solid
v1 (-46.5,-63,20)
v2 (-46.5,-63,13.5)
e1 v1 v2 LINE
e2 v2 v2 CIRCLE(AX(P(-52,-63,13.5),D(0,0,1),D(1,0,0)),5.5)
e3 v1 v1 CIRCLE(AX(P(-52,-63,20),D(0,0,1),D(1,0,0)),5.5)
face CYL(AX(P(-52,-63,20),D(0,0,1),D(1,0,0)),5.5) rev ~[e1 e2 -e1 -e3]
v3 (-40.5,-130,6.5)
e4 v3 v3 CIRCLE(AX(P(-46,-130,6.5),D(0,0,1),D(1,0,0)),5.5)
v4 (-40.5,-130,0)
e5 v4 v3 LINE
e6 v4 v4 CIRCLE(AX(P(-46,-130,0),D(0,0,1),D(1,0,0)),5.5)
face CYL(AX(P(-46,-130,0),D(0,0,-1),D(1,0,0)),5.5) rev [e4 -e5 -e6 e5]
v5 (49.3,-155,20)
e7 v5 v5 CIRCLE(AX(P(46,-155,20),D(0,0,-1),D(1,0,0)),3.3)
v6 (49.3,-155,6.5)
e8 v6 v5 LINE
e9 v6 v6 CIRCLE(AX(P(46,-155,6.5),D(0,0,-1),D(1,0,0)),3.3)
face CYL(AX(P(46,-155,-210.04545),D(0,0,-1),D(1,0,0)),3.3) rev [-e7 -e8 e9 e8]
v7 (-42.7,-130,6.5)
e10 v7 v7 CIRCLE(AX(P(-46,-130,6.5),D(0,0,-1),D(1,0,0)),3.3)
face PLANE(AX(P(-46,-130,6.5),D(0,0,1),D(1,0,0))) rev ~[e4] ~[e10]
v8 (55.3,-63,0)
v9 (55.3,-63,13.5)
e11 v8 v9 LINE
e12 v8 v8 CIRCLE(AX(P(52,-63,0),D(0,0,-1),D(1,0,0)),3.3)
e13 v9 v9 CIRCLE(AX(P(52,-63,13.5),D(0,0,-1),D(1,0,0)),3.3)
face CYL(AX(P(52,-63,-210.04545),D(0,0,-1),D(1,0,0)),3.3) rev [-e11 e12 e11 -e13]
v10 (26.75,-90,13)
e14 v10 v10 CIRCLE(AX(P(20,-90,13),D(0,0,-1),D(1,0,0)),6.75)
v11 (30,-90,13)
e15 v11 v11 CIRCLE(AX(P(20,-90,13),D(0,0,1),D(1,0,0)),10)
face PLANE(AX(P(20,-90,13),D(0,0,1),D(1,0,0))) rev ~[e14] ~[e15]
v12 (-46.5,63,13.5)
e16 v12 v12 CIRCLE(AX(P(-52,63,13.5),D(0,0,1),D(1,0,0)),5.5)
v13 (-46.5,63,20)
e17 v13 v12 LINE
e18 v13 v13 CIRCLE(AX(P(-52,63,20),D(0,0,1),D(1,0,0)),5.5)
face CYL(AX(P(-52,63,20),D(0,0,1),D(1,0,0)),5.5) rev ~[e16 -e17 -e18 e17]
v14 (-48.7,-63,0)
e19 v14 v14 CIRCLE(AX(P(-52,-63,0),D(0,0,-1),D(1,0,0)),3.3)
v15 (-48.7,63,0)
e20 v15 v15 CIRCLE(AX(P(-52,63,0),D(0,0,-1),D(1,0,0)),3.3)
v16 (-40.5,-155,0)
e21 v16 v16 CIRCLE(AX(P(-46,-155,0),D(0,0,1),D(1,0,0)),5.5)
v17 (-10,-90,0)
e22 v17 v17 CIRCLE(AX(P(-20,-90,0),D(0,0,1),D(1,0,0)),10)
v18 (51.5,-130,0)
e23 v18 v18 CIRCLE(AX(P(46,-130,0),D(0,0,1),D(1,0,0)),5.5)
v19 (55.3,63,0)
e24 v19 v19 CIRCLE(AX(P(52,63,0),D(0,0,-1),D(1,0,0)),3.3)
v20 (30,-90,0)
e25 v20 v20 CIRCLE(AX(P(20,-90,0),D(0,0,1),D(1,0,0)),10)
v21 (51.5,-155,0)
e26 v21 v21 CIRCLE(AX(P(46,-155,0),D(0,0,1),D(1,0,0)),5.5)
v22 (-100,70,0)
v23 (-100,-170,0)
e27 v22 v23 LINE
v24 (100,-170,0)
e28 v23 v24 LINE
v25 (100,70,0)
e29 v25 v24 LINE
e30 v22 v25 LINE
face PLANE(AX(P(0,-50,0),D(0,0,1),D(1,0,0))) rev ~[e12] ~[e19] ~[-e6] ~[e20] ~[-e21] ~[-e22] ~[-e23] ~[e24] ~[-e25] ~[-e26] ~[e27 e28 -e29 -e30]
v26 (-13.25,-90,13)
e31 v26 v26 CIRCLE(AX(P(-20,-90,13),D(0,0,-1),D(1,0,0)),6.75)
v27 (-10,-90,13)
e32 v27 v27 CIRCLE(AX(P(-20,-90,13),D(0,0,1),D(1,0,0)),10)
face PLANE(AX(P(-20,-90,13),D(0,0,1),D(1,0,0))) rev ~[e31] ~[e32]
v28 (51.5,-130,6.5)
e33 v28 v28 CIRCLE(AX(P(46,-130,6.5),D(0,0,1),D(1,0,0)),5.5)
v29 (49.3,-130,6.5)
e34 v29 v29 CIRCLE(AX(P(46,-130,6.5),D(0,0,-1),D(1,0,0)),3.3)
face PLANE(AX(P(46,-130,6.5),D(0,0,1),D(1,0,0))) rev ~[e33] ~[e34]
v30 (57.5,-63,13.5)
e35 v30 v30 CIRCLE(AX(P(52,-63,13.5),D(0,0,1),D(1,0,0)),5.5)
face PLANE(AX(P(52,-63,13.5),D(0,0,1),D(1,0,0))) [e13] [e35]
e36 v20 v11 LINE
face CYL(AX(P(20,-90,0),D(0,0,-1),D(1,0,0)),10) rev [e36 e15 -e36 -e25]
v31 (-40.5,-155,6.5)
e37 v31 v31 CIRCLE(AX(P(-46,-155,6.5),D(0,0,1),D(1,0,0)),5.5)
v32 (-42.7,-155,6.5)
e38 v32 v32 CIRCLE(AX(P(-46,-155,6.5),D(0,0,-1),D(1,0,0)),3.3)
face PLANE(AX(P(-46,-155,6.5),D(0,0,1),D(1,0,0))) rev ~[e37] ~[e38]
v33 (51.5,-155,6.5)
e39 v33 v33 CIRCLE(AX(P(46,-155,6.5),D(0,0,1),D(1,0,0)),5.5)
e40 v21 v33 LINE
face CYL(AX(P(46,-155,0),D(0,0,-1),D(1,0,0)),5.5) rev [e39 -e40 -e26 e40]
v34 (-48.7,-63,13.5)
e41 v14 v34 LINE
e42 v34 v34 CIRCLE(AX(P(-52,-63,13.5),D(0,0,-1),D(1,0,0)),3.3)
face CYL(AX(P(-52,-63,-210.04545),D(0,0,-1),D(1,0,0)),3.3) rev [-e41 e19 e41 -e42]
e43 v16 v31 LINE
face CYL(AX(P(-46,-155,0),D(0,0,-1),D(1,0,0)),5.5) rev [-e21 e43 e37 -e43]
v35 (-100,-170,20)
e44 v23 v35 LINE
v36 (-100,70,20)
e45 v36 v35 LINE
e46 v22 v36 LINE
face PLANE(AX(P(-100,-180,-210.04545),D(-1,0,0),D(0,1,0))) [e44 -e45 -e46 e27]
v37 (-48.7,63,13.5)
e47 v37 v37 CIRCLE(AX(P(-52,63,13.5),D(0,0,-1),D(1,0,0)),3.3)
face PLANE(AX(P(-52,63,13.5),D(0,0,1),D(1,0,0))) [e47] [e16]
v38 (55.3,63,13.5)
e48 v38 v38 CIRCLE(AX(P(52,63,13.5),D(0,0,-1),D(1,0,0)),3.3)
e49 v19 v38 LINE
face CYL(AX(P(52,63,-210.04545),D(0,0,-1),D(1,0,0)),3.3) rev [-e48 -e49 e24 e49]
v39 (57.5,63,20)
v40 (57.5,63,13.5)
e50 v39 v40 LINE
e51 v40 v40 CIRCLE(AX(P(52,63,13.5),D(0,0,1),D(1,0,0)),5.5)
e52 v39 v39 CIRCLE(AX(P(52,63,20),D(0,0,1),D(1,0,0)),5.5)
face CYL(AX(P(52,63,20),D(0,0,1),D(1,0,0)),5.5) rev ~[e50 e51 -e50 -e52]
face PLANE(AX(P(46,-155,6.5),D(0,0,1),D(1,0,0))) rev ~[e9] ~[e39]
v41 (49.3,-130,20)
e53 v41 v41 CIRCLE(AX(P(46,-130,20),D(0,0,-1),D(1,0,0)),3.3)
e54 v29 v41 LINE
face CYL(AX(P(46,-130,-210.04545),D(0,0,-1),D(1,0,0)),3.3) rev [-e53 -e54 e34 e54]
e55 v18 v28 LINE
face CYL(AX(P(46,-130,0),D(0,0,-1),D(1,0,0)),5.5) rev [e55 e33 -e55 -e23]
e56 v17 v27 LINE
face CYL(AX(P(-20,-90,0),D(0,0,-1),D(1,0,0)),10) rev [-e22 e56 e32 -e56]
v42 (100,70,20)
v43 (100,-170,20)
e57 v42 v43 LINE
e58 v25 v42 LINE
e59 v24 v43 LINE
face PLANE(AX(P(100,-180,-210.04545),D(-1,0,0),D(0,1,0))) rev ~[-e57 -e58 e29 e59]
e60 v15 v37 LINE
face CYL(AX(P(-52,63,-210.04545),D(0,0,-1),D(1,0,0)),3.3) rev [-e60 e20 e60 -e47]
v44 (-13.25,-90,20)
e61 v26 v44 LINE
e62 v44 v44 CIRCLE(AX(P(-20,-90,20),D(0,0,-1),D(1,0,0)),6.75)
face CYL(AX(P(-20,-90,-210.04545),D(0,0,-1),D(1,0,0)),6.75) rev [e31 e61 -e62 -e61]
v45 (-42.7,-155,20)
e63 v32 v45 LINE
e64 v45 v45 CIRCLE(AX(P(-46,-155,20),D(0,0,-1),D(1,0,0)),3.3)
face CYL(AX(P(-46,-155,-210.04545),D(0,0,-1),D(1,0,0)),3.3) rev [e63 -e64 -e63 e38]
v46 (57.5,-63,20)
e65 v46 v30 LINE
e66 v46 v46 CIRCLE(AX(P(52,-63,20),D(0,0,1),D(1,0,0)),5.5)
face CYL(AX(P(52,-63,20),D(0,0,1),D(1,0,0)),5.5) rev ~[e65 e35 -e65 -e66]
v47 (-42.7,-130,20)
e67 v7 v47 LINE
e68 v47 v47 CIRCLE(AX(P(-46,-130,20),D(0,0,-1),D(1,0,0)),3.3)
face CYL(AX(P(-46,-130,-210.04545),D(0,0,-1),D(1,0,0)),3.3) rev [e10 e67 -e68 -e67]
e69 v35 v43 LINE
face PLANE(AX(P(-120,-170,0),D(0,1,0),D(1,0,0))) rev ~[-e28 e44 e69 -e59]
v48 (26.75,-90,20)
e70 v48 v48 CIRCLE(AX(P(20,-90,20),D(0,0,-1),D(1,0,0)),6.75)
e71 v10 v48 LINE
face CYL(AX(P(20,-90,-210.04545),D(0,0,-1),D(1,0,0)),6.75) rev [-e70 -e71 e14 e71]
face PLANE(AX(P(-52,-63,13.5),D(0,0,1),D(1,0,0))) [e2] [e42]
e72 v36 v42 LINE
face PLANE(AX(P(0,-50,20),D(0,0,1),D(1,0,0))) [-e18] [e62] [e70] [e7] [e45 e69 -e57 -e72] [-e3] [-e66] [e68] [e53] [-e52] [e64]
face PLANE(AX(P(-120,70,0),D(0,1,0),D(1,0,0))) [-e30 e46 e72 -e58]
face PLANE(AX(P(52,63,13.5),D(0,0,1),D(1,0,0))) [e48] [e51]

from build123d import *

# Parameters (mm, degrees)
SKETCH1_W                = 240
SKETCH1_H                = 240
BOSS_EXTRUDE1_DEPTH      = 20
CUT_EXTRUDE1_DEPTH       = 210.045449604
CUT_EXTRUDE1_DEPTH_BACK  = 210.045449604
SKETCH2_R                = 3.3
SKETCH3_R                = 5.5
CUT_EXTRUDE3_DEPTH       = 6.5
CUT_EXTRUDE4_DEPTH       = 210.045449604
CUT_EXTRUDE4_DEPTH_BACK  = 210.045449604
SKETCH4_R                = 6.75
SKETCH5_R                = 10
CUT_EXTRUDE6_DEPTH       = 13
CUT_EXTRUDE7_DEPTH       = 210.045449604
CUT_EXTRUDE7_DEPTH_BACK  = 210.045449604
SKETCH6_R                = 3.3
SKETCH7_R                = 5.5
CUT_EXTRUDE9_DEPTH       = 6.5
CUT_EXTRUDE10_DEPTH      = 210.045449604
CUT_EXTRUDE10_DEPTH_BACK = 210.045449604
SKETCH8_W                = 30
SKETCH8_H                = 260


with BuildPart() as part:
    # Sketch1 → Boss-Extrude1 (new body)
    with BuildSketch(Plane.XY):
        with Locations((0, -50)):
            Rectangle(SKETCH1_W, SKETCH1_H)
    extrude(amount=BOSS_EXTRUDE1_DEPTH)

    # Sketch2 → Cut-Extrude1 (cut, two sides: drawn at the far end of the back side and taken through both)
    with BuildSketch(Plane.XY.offset(-CUT_EXTRUDE1_DEPTH_BACK)):
        with Locations((-52, -63)):
            Circle(SKETCH2_R)
        with Locations((-52, 63)):
            Circle(SKETCH2_R)
        with Locations((52, -63)):
            Circle(SKETCH2_R)
        with Locations((52, 63)):
            Circle(SKETCH2_R)
    extrude(amount=CUT_EXTRUDE1_DEPTH + CUT_EXTRUDE1_DEPTH_BACK, mode=Mode.SUBTRACT)

    # Sketch3 → Cut-Extrude3 (cut)
    with BuildSketch(Plane.XY.offset(20)):
        with Locations((-52, -63)):
            Circle(SKETCH3_R)
        with Locations((-52, 63)):
            Circle(SKETCH3_R)
        with Locations((52, -63)):
            Circle(SKETCH3_R)
        with Locations((52, 63)):
            Circle(SKETCH3_R)
    extrude(amount=-CUT_EXTRUDE3_DEPTH, mode=Mode.SUBTRACT)

    # Sketch4 → Cut-Extrude4 (cut, two sides: drawn at the far end of the back side and taken through both)
    with BuildSketch(Plane.XY.offset(-CUT_EXTRUDE4_DEPTH_BACK)):
        with Locations((-20, -90)):
            Circle(SKETCH4_R)
        with Locations((20, -90)):
            Circle(SKETCH4_R)
    extrude(amount=CUT_EXTRUDE4_DEPTH + CUT_EXTRUDE4_DEPTH_BACK, mode=Mode.SUBTRACT)

    # Sketch5 → Cut-Extrude6 (cut)
    with BuildSketch(Plane.XY):
        with Locations((-20, -90)):
            Circle(SKETCH5_R)
        with Locations((20, -90)):
            Circle(SKETCH5_R)
    extrude(amount=CUT_EXTRUDE6_DEPTH, mode=Mode.SUBTRACT)

    # Sketch6 → Cut-Extrude7 (cut, two sides: drawn at the far end of the back side and taken through both)
    with BuildSketch(Plane.XY.offset(-CUT_EXTRUDE7_DEPTH_BACK)):
        with Locations((-46, -130)):
            Circle(SKETCH6_R)
        with Locations((-46, -155)):
            Circle(SKETCH6_R)
        with Locations((46, -130)):
            Circle(SKETCH6_R)
        with Locations((46, -155)):
            Circle(SKETCH6_R)
    extrude(amount=CUT_EXTRUDE7_DEPTH + CUT_EXTRUDE7_DEPTH_BACK, mode=Mode.SUBTRACT)

    # Sketch7 → Cut-Extrude9 (cut)
    with BuildSketch(Plane.XY):
        with Locations((-46, -130)):
            Circle(SKETCH7_R)
        with Locations((-46, -155)):
            Circle(SKETCH7_R)
        with Locations((46, -130)):
            Circle(SKETCH7_R)
        with Locations((46, -155)):
            Circle(SKETCH7_R)
    extrude(amount=CUT_EXTRUDE9_DEPTH, mode=Mode.SUBTRACT)

    # Sketch8 → Cut-Extrude10 (cut, two sides: drawn at the far end of the back side and taken through both)
    with BuildSketch(Plane.XY.offset(-CUT_EXTRUDE10_DEPTH_BACK)):
        with Locations((-115, -50)):
            Rectangle(SKETCH8_W, SKETCH8_H)
        with Locations((115, -50)):
            Rectangle(SKETCH8_W, SKETCH8_H)
    extrude(amount=CUT_EXTRUDE10_DEPTH + CUT_EXTRUDE10_DEPTH_BACK, mode=Mode.SUBTRACT)


solid = part.part
